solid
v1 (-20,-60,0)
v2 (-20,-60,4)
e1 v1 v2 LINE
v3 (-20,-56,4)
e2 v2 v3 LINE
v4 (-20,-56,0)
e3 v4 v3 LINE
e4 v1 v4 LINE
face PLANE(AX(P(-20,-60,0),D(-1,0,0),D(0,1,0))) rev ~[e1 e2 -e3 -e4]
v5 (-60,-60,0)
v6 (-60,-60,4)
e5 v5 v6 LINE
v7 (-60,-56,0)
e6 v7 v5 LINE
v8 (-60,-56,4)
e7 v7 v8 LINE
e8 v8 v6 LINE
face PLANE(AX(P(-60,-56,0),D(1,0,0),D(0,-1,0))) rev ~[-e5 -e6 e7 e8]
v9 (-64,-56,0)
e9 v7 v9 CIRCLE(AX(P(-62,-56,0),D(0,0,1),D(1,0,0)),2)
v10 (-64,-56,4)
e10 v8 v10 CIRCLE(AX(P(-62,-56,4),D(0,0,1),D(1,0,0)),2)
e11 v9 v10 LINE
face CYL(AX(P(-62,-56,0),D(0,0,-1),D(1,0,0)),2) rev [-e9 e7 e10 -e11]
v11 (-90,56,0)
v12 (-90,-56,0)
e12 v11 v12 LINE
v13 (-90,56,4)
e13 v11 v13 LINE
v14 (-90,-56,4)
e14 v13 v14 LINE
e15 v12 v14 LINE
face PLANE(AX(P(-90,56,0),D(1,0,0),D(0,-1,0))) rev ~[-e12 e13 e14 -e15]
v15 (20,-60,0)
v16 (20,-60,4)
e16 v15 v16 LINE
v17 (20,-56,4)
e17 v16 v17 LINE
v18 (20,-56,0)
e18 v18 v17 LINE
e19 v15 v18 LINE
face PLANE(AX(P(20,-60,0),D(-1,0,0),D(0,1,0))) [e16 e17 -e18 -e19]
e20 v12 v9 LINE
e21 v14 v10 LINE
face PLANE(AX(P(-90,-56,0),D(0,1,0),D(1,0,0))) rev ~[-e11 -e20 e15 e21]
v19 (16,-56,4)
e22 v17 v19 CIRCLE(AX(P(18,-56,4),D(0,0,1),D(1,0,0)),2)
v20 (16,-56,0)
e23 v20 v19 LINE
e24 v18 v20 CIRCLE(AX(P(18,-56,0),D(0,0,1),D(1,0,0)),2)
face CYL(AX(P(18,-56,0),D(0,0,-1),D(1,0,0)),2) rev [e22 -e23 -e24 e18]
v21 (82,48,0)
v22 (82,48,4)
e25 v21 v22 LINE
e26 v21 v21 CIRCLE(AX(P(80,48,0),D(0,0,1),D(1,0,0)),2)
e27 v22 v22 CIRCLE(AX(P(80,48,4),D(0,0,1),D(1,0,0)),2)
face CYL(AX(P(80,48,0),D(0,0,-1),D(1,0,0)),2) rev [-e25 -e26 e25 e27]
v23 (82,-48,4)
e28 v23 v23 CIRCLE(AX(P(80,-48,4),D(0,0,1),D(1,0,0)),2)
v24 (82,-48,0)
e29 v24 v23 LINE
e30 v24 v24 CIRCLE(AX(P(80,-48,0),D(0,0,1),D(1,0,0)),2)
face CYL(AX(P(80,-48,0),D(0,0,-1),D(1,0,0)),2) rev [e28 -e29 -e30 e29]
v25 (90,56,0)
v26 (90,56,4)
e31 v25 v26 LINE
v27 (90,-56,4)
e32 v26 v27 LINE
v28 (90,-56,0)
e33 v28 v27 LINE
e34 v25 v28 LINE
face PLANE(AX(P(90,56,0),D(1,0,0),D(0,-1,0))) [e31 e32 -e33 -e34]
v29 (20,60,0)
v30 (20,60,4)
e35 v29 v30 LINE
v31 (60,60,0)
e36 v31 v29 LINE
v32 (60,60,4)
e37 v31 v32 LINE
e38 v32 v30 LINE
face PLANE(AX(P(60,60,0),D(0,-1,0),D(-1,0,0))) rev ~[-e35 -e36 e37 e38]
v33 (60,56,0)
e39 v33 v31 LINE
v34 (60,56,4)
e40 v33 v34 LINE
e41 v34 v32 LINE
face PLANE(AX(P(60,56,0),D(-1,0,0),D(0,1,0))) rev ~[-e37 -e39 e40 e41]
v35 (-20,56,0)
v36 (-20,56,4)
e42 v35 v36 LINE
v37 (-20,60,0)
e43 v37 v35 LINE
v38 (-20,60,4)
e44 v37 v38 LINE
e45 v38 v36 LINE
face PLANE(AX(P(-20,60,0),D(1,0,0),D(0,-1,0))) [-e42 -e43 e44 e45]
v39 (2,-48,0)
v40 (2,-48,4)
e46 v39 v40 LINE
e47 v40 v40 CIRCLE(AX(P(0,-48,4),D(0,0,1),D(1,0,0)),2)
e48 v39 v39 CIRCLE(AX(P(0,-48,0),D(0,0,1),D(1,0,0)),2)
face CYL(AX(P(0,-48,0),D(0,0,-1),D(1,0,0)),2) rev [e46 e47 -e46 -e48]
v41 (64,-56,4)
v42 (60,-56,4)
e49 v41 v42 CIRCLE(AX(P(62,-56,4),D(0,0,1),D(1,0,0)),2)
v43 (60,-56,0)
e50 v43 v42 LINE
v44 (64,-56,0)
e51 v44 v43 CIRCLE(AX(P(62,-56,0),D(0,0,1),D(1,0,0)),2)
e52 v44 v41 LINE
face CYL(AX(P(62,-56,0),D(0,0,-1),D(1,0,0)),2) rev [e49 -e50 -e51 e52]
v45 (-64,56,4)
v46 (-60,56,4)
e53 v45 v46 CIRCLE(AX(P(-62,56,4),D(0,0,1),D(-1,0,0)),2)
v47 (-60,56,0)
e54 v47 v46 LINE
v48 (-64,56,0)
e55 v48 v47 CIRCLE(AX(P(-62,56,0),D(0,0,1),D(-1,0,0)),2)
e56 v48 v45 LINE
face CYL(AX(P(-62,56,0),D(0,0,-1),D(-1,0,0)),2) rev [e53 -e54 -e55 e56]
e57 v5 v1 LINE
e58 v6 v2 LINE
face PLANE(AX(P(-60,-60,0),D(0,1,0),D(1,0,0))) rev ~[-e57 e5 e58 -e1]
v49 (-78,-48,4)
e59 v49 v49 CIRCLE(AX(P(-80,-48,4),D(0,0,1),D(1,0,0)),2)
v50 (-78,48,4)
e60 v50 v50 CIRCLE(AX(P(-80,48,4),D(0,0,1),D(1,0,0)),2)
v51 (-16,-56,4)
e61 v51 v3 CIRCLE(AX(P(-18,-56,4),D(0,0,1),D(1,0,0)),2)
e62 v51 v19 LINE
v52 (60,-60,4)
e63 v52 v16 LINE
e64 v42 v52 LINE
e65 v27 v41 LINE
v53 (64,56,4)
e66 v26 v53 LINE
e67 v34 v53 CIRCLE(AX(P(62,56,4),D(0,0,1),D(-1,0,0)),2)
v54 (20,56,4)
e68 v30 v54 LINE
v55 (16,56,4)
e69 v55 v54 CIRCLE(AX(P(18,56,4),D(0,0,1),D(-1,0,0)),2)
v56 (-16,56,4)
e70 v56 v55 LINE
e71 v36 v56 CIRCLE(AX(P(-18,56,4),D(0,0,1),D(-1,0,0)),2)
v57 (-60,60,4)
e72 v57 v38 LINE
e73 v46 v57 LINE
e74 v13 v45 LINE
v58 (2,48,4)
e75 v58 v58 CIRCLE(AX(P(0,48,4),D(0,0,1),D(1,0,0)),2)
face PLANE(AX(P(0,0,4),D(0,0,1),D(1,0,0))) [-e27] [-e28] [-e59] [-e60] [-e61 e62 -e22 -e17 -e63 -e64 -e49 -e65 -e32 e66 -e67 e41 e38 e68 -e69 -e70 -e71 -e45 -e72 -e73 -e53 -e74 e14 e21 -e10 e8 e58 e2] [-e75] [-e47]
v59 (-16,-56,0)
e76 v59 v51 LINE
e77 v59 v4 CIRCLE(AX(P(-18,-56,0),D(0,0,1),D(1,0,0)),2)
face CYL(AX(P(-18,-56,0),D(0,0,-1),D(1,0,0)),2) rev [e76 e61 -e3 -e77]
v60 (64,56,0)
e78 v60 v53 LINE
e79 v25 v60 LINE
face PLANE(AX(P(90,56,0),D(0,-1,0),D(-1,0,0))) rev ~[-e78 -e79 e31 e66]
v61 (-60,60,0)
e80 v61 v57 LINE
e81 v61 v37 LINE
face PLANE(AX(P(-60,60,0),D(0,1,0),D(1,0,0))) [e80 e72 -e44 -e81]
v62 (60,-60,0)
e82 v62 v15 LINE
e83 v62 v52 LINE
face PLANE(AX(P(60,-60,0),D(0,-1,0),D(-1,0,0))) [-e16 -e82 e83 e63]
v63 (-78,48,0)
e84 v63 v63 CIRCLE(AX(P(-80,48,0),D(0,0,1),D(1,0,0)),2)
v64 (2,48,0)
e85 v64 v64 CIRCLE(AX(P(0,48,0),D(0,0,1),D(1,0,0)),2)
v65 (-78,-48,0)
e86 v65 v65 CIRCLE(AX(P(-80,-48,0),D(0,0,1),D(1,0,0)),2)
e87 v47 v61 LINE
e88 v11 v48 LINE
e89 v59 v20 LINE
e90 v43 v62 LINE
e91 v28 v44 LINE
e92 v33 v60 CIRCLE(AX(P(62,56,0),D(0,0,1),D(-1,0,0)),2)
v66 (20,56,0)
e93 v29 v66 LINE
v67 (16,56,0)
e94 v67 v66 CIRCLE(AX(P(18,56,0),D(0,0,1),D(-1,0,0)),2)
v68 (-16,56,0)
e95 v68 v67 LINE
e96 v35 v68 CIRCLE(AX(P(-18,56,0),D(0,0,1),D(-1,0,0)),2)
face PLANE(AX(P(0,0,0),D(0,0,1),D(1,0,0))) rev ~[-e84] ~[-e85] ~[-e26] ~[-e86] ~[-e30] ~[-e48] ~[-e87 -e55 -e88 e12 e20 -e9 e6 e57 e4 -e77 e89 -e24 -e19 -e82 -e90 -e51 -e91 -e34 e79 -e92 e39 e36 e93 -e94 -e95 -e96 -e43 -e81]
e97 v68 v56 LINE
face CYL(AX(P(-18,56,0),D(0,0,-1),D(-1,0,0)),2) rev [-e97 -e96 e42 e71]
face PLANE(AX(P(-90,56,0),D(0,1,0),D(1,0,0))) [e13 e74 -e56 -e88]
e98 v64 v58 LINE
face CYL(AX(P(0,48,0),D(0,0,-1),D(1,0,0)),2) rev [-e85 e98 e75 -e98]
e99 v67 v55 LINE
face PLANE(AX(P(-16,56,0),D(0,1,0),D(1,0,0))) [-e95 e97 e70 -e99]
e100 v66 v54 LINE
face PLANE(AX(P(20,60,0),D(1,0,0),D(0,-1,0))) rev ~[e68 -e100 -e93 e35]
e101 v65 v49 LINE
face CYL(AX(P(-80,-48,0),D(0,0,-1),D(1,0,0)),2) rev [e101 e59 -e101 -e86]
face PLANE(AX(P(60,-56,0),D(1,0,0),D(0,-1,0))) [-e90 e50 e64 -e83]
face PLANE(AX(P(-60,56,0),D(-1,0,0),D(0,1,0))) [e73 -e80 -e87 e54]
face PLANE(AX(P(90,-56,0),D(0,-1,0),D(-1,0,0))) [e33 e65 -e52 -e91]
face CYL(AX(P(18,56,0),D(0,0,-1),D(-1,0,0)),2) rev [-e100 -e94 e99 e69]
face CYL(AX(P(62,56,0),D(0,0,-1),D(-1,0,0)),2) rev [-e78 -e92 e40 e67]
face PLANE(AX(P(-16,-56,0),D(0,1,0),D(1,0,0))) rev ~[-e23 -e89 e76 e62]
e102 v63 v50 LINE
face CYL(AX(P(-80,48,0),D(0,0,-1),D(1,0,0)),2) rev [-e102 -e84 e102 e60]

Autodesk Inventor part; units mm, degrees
ref_plane "YZ Plane" through (0, 0, 0) normal (1, 0, 0) x (0, 1, 0)
ref_plane "XZ Plane" through (0, 0, 0) normal (0, 1, 0) x (-1, 0, 0)
ref_plane "XY Plane" through (0, 0, 0) normal (0, 0, 1) x (1, 0, 0)
sketch "Boceto1" plane through (0, 0, 0) normal (0, 0, 1) x (1, 0, 0)
  line L0 (90, 56) -> (90, -56)
  line L1 (90, -56) -> (64, -56)
  arc A0 (64, -56) -> (60, -56) centre (62, -56) ccw
  line L2 (60, -56) -> (60, -60)
  line L3 (60, -60) -> (20, -60)
  line L4 (20, -60) -> (20, -56)
  arc A1 (20, -56) -> (16, -56) centre (18, -56) ccw
  line L5 (15.6321, 0) -> (-15.6321, 0) construction
  line L6 (0, 12.7826) -> (0, -12.7826) construction
  line L7 (90, 56) -> (64, 56)
  arc A2 (60, 56) -> (64, 56) centre (62, 56) ccw
  line L8 (60, 56) -> (60, 60)
  line L9 (60, 60) -> (20, 60)
  line L10 (20, 60) -> (20, 56)
  arc A3 (16, 56) -> (20, 56) centre (18, 56) ccw
  line L11 (-90, 56) -> (-90, -56)
  line L12 (-90, -56) -> (-64, -56)
  arc A4 (-60, -56) -> (-64, -56) centre (-62, -56) ccw
  line L13 (-60, -56) -> (-60, -60)
  line L14 (-60, -60) -> (-20, -60)
  line L15 (-20, -60) -> (-20, -56)
  arc A5 (-16, -56) -> (-20, -56) centre (-18, -56) ccw
  line L16 (-90, 56) -> (-64, 56)
  arc A6 (-64, 56) -> (-60, 56) centre (-62, 56) ccw
  line L17 (-60, 56) -> (-60, 60)
  line L18 (-60, 60) -> (-20, 60)
  line L19 (-20, 60) -> (-20, 56)
  arc A7 (-20, 56) -> (-16, 56) centre (-18, 56) ccw
  line L20 (-16, 56) -> (16, 56)
  line L21 (-16, -56) -> (16, -56)
  circle A8 centre (0, -48) radius 2
  circle A9 centre (0, 48) radius 2
  circle A10 centre (80, 48) radius 2
  circle A11 centre (80, -48) radius 2
  circle A12 centre (-80, 48) radius 2
  circle A13 centre (-80, -48) radius 2
  point P0 (0, 0)
  point P1 (0, 0)
  dimension "d0" = 2
  dimension "d1" = 120
  dimension "d2" = 40
  dimension "d3" = 4
  dimension "d4" = 40
  dimension "d5" = 30
  dimension "d6" = 8
  dimension "d7" = 4
  dimension "d8" = 20
extrude "Extrusión1" add sketch "Boceto1" along normal blind 4
equation "\"d4\" = d2"
properties part number "bandeja central"
